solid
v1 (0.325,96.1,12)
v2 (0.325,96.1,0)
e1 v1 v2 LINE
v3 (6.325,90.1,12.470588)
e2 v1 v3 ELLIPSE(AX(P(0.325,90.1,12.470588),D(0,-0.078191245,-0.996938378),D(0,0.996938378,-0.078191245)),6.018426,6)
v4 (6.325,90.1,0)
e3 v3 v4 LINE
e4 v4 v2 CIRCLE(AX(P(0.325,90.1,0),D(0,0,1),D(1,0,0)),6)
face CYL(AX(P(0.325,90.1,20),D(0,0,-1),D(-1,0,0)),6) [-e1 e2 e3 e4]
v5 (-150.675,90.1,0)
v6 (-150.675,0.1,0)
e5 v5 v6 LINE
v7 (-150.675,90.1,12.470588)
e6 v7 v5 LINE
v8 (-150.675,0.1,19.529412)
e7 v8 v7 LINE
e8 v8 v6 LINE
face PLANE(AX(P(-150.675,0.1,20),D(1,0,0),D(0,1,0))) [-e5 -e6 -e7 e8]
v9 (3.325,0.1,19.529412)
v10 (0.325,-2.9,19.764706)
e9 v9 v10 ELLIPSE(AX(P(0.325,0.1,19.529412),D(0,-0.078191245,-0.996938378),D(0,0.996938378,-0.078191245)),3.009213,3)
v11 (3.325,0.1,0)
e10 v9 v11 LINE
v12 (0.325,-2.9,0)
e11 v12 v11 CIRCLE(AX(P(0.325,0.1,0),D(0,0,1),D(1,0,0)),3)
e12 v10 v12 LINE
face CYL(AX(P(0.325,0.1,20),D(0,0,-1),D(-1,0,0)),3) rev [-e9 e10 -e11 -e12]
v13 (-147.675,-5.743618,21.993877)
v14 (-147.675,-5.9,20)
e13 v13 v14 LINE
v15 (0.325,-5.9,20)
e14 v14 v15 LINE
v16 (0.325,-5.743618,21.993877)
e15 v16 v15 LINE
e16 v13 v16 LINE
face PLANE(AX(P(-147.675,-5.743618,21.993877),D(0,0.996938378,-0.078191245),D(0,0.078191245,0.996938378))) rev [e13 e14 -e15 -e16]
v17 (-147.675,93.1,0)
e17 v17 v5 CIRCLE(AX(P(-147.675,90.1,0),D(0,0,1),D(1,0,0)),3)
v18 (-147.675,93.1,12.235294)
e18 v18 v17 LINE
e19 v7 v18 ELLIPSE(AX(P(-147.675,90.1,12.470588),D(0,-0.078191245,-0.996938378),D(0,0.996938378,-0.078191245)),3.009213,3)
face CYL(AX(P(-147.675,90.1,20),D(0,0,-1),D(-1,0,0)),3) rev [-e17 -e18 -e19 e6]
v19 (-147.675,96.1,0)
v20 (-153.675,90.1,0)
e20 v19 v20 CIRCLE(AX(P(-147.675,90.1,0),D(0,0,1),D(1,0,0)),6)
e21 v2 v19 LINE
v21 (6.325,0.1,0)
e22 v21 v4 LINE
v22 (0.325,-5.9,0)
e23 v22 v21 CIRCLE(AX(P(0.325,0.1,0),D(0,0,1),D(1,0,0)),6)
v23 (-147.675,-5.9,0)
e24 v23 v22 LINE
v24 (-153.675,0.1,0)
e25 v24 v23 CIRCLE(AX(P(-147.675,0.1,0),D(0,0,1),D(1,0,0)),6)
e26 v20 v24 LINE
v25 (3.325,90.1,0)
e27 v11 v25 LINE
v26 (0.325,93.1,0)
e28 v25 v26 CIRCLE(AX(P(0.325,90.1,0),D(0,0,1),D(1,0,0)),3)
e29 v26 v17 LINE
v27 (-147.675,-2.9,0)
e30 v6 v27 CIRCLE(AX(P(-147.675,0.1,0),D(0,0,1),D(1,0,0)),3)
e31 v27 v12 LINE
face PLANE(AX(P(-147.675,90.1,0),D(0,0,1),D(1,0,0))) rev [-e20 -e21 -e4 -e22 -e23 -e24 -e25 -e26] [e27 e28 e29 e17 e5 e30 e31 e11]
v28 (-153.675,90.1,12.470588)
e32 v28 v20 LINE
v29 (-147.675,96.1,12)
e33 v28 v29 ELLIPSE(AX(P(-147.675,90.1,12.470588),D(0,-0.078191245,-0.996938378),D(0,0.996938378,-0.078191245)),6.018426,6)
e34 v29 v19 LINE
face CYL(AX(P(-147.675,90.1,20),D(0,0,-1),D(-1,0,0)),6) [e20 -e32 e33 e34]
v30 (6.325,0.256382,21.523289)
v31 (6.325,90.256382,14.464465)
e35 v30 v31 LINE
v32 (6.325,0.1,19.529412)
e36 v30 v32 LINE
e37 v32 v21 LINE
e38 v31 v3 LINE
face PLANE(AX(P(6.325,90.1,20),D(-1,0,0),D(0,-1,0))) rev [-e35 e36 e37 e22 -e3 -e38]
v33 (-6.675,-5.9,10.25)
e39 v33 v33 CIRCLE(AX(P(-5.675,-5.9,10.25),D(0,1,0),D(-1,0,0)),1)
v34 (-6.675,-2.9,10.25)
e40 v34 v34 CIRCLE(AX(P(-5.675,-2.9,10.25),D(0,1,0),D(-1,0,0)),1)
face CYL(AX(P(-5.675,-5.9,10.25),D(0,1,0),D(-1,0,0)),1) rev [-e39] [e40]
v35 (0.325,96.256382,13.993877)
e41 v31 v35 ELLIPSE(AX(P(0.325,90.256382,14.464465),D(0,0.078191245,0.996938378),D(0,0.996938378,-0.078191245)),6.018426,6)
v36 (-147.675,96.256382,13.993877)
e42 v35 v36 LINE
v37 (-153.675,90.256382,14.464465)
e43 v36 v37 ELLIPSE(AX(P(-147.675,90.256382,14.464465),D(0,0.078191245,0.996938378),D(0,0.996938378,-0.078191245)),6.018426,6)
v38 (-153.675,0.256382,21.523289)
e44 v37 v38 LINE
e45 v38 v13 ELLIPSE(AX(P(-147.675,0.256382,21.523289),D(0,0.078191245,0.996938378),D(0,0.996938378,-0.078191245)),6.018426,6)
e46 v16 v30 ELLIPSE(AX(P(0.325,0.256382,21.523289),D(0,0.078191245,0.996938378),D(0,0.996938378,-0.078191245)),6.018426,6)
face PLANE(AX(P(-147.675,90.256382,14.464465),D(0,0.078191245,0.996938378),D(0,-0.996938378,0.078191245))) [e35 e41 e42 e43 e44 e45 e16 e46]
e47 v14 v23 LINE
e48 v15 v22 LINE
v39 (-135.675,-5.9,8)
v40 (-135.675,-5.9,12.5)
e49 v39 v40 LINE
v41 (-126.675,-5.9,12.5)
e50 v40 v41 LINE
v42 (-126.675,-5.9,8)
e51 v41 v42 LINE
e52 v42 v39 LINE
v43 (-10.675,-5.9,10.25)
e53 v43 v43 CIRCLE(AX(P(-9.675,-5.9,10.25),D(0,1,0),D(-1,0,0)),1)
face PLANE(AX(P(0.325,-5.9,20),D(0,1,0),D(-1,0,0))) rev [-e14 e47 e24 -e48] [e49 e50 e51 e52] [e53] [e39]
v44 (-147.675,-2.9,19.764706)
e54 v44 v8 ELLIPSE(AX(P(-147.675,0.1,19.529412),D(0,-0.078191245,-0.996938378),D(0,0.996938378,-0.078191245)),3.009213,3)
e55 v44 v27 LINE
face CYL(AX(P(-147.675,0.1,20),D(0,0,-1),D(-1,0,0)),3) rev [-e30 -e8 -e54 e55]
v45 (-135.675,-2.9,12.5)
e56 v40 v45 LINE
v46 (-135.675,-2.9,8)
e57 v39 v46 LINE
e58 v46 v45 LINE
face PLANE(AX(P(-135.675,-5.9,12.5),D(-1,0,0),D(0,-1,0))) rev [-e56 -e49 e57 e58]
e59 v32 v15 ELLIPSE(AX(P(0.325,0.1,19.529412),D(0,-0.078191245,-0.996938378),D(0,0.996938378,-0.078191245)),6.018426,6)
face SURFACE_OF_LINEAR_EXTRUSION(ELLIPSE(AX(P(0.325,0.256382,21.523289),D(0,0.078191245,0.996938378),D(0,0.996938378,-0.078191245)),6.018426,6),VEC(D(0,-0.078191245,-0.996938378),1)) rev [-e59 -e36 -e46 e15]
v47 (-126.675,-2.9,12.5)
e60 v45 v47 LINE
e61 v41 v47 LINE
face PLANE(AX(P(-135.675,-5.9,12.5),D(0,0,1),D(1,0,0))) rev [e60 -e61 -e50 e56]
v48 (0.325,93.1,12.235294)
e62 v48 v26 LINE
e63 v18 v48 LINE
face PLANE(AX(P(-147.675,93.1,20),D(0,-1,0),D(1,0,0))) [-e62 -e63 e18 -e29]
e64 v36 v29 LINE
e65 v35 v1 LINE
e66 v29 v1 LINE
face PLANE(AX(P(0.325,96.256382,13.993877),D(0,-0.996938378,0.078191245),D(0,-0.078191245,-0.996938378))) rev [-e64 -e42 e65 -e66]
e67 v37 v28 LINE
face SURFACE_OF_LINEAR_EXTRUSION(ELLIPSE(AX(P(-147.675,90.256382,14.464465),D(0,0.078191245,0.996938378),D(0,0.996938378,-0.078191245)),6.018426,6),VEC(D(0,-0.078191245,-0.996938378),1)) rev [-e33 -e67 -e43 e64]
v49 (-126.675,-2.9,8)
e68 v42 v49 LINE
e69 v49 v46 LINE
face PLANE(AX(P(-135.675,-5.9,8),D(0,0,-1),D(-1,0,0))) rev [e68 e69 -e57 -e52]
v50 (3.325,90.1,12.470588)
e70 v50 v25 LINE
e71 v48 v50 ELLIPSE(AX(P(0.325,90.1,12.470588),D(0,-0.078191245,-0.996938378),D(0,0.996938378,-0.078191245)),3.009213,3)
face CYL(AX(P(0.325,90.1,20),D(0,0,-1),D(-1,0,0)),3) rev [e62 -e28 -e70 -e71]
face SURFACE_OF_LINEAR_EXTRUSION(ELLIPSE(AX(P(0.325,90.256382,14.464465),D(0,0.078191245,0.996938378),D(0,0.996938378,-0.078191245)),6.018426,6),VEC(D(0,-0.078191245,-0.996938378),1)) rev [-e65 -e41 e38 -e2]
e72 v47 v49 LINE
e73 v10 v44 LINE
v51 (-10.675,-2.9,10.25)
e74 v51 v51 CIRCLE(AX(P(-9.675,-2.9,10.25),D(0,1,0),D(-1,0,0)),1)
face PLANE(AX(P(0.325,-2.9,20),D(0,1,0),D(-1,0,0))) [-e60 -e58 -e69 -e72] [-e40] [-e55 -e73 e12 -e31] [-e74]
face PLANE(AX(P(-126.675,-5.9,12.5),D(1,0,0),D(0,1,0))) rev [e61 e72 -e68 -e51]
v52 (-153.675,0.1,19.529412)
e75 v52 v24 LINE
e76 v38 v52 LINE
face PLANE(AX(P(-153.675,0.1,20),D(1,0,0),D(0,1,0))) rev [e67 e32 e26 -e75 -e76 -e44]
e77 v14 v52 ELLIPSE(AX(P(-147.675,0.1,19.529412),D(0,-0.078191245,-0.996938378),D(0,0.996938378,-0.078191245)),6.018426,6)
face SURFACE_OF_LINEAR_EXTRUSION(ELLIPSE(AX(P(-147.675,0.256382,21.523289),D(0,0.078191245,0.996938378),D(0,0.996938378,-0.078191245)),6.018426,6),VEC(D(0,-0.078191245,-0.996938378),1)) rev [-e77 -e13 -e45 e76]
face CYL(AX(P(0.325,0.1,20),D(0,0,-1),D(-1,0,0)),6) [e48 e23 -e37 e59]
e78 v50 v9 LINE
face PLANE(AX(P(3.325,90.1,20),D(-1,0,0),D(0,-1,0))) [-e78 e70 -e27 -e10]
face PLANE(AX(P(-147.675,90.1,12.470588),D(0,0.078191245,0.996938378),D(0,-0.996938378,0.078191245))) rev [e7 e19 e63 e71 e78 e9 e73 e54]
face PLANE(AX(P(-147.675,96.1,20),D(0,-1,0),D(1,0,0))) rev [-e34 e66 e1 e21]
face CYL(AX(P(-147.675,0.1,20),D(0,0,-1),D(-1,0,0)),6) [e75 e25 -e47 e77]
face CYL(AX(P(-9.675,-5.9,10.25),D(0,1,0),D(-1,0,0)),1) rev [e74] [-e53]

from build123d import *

# Parameters (mm, degrees)
BOSS_EXTRUDE1_DEPTH = 20
CUT_EXTRUDE1_DEPTH  = 188.710441905
BOSS_EXTRUDE2_DEPTH = 2
SKETCH4_W           = 9
SKETCH4_H           = 4.5
CUT_EXTRUDE2_DEPTH  = 185.20565812
SKETCH5_R           = 1
CUT_EXTRUDE3_DEPTH  = 185.20565812


with BuildPart() as part:
    # Sketch1 → Boss-Extrude1 (new body)
    with BuildSketch(Plane.XY):
        with BuildLine():
            Line((-153.675, 0.1), (-153.675, 90.1))
            ThreePointArc((-153.675, 90.1), (-151.917640687, 94.342640687), (-147.675, 96.1))
            Line((-147.675, 96.1), (0.325, 96.1))
            ThreePointArc((0.325, 96.1), (4.567640687, 94.342640687), (6.325, 90.1))
            Line((6.325, 90.1), (6.325, 0.1))
            ThreePointArc((6.325, 0.1), (4.567640687, -4.142640687), (0.325, -5.9))
            Line((0.325, -5.9), (-147.675, -5.9))
            ThreePointArc((-147.675, -5.9), (-151.917640687, -4.142640687), (-153.675, 0.1))
        make_face()
        with BuildLine():
            Line((3.325, 90.1), (3.325, 0.1))
            ThreePointArc((3.325, 0.1), (2.446320344, -2.021320344), (0.325, -2.9))
            Line((0.325, -2.9), (-147.675, -2.9))
            ThreePointArc((-147.675, -2.9), (-149.796320344, -2.021320344), (-150.675, 0.1))
            Line((-150.675, 0.1), (-150.675, 90.1))
            ThreePointArc((-150.675, 90.1), (-149.796320344, 92.221320344), (-147.675, 93.1))
            Line((-147.675, 93.1), (0.325, 93.1))
            ThreePointArc((0.325, 93.1), (2.446320344, 92.221320344), (3.325, 90.1))
        make_face(mode=Mode.SUBTRACT)
    extrude(amount=BOSS_EXTRUDE1_DEPTH)

    # Sketch2 → Cut-Extrude1 (cut, through all)
    with BuildSketch(Plane(origin=(6.325, 0, 0), x_dir=(0, 0, -1), z_dir=(1, 0, 0))):
        Polygon((-20, 96.1), (-12, 96.1), (-20, -5.9), align=None)
    extrude(amount=-CUT_EXTRUDE1_DEPTH, mode=Mode.SUBTRACT)

    # Sketch3 → Boss-Extrude2 (add)
    with BuildSketch(Plane(origin=(0, 1.522965227, 19.417806649), x_dir=(1, 0, 0), z_dir=(0, 0.0781912453186315, 0.9969383778125516))):
        with BuildLine():
            Line((-153.675, 88.849057017), (-153.675, -1.427335188))
            add(Edge.make_bspline(
                [(-153.675, -1.427335188), (-153.675, -7.445761335), (-147.675, -7.445761335)],
                knots=[1.570796327, 1.570796327, 1.570796327, 3.141592654, 3.141592654, 3.141592654], degree=2, weights=[1, 0.707106781, 1]))
            Line((-147.675, -7.445761335), (0.325, -7.445761335))
            add(Edge.make_bspline(
                [(0.325, -7.445761335), (6.325, -7.445761335), (6.325, -1.427335188)],
                knots=[3.141592654, 3.141592654, 3.141592654, 4.71238898, 4.71238898, 4.71238898], degree=2, weights=[1, 0.707106781, 1]))
            Line((6.325, -1.427335188), (6.325, 88.849057017))
            add(Edge.make_bspline(
                [(6.325, 88.849057017), (6.325, 94.867483164), (0.325, 94.867483164)],
                knots=[4.71238898, 4.71238898, 4.71238898, 6.283185307, 6.283185307, 6.283185307], degree=2, weights=[1, 0.707106781, 1]))
            Line((0.325, 94.867483164), (-147.675, 94.867483164))
            add(Edge.make_bspline(
                [(-147.675, 94.867483164), (-153.675, 94.867483164), (-153.675, 88.849057017)],
                knots=[0, 0, 0, 1.570796327, 1.570796327, 1.570796327], degree=2, weights=[1, 0.707106781, 1]))
        make_face()
    extrude(amount=BOSS_EXTRUDE2_DEPTH)

    # Sketch4 → Cut-Extrude2 (cut, through all)
    with BuildSketch(Plane(origin=(0, -2.9, 0), x_dir=(1, 0, 0), z_dir=(0, 1, 0))):
        with Locations((-131.175, -10.25)):
            Rectangle(SKETCH4_W, SKETCH4_H)
    extrude(amount=-CUT_EXTRUDE2_DEPTH, mode=Mode.SUBTRACT)

    # Sketch5 → Cut-Extrude3 (cut, through all)
    with BuildSketch(Plane(origin=(0, -2.9, 0), x_dir=(1, 0, 0), z_dir=(0, 1, 0))):
        with Locations(Location((-5.675, -10.25, 0), (0, 0, 180))):
            Circle(SKETCH5_R)
        with Locations(Location((-9.675, -10.25, 0), (0, 0, 180))):
            Circle(SKETCH5_R)
    extrude(amount=-CUT_EXTRUDE3_DEPTH, mode=Mode.SUBTRACT)


solid = part.part
